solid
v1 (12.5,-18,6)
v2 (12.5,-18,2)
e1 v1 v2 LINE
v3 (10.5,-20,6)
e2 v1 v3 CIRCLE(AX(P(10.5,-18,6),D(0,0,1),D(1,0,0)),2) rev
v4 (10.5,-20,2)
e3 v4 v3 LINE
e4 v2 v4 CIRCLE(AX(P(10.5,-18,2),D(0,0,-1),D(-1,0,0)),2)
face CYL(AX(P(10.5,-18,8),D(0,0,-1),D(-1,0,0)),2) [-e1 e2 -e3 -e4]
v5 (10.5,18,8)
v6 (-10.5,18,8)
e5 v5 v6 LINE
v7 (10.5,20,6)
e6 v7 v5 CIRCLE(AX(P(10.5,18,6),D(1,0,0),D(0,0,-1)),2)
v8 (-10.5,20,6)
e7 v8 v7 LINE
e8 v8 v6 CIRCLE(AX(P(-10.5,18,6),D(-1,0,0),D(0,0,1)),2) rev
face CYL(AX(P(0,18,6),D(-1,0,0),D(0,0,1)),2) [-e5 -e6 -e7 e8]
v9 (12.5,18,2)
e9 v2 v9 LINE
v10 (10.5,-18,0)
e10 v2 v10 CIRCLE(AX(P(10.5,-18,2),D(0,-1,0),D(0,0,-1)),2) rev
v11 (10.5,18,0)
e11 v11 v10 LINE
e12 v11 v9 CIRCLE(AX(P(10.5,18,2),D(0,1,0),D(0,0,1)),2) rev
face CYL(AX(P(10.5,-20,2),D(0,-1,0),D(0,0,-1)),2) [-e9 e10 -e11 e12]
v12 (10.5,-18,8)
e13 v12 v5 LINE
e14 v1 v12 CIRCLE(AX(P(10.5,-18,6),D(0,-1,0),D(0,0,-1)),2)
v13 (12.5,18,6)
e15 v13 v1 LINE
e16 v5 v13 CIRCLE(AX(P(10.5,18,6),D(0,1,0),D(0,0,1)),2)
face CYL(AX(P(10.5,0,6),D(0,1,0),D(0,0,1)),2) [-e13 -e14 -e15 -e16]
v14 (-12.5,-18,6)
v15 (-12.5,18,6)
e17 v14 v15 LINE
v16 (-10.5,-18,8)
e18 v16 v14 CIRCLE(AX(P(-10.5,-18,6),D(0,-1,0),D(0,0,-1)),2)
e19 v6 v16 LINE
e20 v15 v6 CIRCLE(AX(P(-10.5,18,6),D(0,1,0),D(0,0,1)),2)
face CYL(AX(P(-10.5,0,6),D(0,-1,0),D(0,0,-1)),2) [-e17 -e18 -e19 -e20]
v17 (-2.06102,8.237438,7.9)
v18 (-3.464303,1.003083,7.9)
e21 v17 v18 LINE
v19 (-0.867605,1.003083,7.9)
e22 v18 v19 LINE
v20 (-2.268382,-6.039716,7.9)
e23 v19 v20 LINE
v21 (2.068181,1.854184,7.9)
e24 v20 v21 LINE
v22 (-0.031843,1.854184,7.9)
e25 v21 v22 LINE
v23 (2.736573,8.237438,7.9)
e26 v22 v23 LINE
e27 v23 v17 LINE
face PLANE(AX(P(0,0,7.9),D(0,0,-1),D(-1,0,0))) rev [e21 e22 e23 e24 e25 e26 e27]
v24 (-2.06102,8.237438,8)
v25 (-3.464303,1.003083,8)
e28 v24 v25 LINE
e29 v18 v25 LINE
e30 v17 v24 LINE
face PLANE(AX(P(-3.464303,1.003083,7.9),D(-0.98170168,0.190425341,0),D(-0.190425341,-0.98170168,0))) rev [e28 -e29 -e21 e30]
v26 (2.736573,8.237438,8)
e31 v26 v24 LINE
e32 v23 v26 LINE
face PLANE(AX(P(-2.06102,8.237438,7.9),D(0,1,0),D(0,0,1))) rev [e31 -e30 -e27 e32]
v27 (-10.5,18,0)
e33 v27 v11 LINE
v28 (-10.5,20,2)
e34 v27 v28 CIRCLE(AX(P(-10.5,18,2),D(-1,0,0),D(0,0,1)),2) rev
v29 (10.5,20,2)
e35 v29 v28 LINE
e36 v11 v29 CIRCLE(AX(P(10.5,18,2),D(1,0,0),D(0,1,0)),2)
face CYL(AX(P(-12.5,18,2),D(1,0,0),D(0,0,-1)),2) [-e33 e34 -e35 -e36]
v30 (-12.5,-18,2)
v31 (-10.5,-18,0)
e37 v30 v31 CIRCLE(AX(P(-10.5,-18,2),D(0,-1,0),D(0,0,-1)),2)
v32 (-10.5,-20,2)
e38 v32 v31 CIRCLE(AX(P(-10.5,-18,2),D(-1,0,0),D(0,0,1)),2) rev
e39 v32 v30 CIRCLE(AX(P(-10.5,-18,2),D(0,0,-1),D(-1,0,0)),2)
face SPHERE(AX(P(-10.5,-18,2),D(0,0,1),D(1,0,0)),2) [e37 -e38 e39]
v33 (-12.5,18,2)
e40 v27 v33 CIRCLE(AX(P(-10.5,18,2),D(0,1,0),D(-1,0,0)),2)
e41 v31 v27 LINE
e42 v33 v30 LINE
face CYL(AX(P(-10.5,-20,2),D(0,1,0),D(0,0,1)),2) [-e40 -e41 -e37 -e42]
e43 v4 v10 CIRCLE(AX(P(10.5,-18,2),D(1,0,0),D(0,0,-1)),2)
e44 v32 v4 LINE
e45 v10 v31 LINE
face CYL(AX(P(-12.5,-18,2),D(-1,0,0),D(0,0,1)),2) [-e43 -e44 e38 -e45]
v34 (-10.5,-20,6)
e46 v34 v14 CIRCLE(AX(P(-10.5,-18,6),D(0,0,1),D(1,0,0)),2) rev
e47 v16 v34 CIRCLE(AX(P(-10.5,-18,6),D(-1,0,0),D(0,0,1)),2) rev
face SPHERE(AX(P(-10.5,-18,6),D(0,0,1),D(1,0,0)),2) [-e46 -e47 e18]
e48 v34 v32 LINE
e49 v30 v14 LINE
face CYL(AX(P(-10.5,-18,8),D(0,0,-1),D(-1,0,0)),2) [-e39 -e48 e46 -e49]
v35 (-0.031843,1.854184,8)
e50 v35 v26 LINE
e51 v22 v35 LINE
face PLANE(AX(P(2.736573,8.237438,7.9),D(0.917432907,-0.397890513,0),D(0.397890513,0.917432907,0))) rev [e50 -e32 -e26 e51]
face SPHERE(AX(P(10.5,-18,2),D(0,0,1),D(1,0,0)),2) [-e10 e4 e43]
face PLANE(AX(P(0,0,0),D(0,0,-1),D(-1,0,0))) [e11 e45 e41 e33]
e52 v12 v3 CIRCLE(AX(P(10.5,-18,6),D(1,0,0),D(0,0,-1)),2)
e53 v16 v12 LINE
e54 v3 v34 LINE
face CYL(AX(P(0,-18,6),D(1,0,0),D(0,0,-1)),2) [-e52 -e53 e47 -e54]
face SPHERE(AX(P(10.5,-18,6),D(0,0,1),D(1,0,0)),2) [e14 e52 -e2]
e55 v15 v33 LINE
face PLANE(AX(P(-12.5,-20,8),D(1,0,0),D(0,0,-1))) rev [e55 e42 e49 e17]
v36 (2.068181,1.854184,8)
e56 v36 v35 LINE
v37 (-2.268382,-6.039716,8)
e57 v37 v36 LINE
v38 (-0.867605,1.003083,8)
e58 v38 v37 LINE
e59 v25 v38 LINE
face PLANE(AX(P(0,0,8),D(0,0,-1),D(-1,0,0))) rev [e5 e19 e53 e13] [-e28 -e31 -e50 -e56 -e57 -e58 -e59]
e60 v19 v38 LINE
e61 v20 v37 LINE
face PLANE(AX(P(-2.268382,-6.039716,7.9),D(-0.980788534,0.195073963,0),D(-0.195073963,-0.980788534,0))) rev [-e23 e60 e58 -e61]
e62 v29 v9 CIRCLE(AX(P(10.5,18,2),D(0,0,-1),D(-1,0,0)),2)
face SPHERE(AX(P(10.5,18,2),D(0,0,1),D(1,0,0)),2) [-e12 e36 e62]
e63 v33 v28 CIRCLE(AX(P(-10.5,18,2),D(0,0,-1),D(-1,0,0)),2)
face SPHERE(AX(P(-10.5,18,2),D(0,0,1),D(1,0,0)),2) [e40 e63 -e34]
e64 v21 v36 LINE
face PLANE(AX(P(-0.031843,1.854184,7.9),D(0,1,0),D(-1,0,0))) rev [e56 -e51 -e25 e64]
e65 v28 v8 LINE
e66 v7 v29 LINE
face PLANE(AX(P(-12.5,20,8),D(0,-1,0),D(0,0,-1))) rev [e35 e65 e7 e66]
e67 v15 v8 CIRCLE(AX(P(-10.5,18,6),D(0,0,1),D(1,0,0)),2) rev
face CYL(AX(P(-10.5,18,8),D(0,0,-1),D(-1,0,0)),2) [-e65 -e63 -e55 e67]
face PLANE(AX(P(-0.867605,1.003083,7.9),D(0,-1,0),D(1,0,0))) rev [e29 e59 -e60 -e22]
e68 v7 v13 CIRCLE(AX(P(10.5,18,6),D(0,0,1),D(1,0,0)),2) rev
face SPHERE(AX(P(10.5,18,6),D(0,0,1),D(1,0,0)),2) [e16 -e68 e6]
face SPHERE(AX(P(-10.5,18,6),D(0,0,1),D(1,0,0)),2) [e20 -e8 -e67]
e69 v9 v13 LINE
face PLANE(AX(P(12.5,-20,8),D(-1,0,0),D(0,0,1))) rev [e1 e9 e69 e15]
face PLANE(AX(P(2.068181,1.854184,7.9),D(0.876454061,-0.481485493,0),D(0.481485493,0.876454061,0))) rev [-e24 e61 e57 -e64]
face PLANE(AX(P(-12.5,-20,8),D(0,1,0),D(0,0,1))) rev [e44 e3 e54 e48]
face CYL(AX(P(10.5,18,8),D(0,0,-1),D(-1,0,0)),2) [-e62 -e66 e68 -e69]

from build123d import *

# Parameters (mm, degrees)
SKETCH1_W           = 25
SKETCH1_H           = 40
BOSS_EXTRUDE1_DEPTH = 8
FILLET1_R           = 2
CUT_EXTRUDE1_DEPTH  = 0.1


with BuildPart() as part:
    # Sketch1 → Boss-Extrude1 (new body)
    with BuildSketch(Plane.XY):
        Rectangle(SKETCH1_W, SKETCH1_H)
    extrude(amount=BOSS_EXTRUDE1_DEPTH)

    # Fillet1
    fillet1_edges = [part.edges().sort_by_distance(p)[0] for p in [
        (-12.5, 0, 8),
        (0, -20, 8),
        (12.5, 0, 8),
        (0, -20, 0),
        (-12.5, 0, 0),
        (0, 20, 0),
        (12.5, 0, 0),
        (12.5, -20, 4),
        (-12.5, -20, 4),
        (-12.5, 20, 4),
        (12.5, 20, 4),
        (0, 20, 8),
    ]]
    fillet(fillet1_edges, radius=FILLET1_R)

    # Sketch2 → Cut-Extrude1 (cut)
    with BuildSketch(Plane.XY.offset(8)):
        Polygon((-2.061020471, 8.237438207), (2.736573232, 8.237438207), (-0.031843364, 1.854183508), (2.068180648, 1.854183508), (-2.268382383, -6.039716385), (-0.867604628, 1.003082881), (-3.464302761, 1.003082881), align=None)
    extrude(amount=-CUT_EXTRUDE1_DEPTH, mode=Mode.SUBTRACT)


solid = part.part
